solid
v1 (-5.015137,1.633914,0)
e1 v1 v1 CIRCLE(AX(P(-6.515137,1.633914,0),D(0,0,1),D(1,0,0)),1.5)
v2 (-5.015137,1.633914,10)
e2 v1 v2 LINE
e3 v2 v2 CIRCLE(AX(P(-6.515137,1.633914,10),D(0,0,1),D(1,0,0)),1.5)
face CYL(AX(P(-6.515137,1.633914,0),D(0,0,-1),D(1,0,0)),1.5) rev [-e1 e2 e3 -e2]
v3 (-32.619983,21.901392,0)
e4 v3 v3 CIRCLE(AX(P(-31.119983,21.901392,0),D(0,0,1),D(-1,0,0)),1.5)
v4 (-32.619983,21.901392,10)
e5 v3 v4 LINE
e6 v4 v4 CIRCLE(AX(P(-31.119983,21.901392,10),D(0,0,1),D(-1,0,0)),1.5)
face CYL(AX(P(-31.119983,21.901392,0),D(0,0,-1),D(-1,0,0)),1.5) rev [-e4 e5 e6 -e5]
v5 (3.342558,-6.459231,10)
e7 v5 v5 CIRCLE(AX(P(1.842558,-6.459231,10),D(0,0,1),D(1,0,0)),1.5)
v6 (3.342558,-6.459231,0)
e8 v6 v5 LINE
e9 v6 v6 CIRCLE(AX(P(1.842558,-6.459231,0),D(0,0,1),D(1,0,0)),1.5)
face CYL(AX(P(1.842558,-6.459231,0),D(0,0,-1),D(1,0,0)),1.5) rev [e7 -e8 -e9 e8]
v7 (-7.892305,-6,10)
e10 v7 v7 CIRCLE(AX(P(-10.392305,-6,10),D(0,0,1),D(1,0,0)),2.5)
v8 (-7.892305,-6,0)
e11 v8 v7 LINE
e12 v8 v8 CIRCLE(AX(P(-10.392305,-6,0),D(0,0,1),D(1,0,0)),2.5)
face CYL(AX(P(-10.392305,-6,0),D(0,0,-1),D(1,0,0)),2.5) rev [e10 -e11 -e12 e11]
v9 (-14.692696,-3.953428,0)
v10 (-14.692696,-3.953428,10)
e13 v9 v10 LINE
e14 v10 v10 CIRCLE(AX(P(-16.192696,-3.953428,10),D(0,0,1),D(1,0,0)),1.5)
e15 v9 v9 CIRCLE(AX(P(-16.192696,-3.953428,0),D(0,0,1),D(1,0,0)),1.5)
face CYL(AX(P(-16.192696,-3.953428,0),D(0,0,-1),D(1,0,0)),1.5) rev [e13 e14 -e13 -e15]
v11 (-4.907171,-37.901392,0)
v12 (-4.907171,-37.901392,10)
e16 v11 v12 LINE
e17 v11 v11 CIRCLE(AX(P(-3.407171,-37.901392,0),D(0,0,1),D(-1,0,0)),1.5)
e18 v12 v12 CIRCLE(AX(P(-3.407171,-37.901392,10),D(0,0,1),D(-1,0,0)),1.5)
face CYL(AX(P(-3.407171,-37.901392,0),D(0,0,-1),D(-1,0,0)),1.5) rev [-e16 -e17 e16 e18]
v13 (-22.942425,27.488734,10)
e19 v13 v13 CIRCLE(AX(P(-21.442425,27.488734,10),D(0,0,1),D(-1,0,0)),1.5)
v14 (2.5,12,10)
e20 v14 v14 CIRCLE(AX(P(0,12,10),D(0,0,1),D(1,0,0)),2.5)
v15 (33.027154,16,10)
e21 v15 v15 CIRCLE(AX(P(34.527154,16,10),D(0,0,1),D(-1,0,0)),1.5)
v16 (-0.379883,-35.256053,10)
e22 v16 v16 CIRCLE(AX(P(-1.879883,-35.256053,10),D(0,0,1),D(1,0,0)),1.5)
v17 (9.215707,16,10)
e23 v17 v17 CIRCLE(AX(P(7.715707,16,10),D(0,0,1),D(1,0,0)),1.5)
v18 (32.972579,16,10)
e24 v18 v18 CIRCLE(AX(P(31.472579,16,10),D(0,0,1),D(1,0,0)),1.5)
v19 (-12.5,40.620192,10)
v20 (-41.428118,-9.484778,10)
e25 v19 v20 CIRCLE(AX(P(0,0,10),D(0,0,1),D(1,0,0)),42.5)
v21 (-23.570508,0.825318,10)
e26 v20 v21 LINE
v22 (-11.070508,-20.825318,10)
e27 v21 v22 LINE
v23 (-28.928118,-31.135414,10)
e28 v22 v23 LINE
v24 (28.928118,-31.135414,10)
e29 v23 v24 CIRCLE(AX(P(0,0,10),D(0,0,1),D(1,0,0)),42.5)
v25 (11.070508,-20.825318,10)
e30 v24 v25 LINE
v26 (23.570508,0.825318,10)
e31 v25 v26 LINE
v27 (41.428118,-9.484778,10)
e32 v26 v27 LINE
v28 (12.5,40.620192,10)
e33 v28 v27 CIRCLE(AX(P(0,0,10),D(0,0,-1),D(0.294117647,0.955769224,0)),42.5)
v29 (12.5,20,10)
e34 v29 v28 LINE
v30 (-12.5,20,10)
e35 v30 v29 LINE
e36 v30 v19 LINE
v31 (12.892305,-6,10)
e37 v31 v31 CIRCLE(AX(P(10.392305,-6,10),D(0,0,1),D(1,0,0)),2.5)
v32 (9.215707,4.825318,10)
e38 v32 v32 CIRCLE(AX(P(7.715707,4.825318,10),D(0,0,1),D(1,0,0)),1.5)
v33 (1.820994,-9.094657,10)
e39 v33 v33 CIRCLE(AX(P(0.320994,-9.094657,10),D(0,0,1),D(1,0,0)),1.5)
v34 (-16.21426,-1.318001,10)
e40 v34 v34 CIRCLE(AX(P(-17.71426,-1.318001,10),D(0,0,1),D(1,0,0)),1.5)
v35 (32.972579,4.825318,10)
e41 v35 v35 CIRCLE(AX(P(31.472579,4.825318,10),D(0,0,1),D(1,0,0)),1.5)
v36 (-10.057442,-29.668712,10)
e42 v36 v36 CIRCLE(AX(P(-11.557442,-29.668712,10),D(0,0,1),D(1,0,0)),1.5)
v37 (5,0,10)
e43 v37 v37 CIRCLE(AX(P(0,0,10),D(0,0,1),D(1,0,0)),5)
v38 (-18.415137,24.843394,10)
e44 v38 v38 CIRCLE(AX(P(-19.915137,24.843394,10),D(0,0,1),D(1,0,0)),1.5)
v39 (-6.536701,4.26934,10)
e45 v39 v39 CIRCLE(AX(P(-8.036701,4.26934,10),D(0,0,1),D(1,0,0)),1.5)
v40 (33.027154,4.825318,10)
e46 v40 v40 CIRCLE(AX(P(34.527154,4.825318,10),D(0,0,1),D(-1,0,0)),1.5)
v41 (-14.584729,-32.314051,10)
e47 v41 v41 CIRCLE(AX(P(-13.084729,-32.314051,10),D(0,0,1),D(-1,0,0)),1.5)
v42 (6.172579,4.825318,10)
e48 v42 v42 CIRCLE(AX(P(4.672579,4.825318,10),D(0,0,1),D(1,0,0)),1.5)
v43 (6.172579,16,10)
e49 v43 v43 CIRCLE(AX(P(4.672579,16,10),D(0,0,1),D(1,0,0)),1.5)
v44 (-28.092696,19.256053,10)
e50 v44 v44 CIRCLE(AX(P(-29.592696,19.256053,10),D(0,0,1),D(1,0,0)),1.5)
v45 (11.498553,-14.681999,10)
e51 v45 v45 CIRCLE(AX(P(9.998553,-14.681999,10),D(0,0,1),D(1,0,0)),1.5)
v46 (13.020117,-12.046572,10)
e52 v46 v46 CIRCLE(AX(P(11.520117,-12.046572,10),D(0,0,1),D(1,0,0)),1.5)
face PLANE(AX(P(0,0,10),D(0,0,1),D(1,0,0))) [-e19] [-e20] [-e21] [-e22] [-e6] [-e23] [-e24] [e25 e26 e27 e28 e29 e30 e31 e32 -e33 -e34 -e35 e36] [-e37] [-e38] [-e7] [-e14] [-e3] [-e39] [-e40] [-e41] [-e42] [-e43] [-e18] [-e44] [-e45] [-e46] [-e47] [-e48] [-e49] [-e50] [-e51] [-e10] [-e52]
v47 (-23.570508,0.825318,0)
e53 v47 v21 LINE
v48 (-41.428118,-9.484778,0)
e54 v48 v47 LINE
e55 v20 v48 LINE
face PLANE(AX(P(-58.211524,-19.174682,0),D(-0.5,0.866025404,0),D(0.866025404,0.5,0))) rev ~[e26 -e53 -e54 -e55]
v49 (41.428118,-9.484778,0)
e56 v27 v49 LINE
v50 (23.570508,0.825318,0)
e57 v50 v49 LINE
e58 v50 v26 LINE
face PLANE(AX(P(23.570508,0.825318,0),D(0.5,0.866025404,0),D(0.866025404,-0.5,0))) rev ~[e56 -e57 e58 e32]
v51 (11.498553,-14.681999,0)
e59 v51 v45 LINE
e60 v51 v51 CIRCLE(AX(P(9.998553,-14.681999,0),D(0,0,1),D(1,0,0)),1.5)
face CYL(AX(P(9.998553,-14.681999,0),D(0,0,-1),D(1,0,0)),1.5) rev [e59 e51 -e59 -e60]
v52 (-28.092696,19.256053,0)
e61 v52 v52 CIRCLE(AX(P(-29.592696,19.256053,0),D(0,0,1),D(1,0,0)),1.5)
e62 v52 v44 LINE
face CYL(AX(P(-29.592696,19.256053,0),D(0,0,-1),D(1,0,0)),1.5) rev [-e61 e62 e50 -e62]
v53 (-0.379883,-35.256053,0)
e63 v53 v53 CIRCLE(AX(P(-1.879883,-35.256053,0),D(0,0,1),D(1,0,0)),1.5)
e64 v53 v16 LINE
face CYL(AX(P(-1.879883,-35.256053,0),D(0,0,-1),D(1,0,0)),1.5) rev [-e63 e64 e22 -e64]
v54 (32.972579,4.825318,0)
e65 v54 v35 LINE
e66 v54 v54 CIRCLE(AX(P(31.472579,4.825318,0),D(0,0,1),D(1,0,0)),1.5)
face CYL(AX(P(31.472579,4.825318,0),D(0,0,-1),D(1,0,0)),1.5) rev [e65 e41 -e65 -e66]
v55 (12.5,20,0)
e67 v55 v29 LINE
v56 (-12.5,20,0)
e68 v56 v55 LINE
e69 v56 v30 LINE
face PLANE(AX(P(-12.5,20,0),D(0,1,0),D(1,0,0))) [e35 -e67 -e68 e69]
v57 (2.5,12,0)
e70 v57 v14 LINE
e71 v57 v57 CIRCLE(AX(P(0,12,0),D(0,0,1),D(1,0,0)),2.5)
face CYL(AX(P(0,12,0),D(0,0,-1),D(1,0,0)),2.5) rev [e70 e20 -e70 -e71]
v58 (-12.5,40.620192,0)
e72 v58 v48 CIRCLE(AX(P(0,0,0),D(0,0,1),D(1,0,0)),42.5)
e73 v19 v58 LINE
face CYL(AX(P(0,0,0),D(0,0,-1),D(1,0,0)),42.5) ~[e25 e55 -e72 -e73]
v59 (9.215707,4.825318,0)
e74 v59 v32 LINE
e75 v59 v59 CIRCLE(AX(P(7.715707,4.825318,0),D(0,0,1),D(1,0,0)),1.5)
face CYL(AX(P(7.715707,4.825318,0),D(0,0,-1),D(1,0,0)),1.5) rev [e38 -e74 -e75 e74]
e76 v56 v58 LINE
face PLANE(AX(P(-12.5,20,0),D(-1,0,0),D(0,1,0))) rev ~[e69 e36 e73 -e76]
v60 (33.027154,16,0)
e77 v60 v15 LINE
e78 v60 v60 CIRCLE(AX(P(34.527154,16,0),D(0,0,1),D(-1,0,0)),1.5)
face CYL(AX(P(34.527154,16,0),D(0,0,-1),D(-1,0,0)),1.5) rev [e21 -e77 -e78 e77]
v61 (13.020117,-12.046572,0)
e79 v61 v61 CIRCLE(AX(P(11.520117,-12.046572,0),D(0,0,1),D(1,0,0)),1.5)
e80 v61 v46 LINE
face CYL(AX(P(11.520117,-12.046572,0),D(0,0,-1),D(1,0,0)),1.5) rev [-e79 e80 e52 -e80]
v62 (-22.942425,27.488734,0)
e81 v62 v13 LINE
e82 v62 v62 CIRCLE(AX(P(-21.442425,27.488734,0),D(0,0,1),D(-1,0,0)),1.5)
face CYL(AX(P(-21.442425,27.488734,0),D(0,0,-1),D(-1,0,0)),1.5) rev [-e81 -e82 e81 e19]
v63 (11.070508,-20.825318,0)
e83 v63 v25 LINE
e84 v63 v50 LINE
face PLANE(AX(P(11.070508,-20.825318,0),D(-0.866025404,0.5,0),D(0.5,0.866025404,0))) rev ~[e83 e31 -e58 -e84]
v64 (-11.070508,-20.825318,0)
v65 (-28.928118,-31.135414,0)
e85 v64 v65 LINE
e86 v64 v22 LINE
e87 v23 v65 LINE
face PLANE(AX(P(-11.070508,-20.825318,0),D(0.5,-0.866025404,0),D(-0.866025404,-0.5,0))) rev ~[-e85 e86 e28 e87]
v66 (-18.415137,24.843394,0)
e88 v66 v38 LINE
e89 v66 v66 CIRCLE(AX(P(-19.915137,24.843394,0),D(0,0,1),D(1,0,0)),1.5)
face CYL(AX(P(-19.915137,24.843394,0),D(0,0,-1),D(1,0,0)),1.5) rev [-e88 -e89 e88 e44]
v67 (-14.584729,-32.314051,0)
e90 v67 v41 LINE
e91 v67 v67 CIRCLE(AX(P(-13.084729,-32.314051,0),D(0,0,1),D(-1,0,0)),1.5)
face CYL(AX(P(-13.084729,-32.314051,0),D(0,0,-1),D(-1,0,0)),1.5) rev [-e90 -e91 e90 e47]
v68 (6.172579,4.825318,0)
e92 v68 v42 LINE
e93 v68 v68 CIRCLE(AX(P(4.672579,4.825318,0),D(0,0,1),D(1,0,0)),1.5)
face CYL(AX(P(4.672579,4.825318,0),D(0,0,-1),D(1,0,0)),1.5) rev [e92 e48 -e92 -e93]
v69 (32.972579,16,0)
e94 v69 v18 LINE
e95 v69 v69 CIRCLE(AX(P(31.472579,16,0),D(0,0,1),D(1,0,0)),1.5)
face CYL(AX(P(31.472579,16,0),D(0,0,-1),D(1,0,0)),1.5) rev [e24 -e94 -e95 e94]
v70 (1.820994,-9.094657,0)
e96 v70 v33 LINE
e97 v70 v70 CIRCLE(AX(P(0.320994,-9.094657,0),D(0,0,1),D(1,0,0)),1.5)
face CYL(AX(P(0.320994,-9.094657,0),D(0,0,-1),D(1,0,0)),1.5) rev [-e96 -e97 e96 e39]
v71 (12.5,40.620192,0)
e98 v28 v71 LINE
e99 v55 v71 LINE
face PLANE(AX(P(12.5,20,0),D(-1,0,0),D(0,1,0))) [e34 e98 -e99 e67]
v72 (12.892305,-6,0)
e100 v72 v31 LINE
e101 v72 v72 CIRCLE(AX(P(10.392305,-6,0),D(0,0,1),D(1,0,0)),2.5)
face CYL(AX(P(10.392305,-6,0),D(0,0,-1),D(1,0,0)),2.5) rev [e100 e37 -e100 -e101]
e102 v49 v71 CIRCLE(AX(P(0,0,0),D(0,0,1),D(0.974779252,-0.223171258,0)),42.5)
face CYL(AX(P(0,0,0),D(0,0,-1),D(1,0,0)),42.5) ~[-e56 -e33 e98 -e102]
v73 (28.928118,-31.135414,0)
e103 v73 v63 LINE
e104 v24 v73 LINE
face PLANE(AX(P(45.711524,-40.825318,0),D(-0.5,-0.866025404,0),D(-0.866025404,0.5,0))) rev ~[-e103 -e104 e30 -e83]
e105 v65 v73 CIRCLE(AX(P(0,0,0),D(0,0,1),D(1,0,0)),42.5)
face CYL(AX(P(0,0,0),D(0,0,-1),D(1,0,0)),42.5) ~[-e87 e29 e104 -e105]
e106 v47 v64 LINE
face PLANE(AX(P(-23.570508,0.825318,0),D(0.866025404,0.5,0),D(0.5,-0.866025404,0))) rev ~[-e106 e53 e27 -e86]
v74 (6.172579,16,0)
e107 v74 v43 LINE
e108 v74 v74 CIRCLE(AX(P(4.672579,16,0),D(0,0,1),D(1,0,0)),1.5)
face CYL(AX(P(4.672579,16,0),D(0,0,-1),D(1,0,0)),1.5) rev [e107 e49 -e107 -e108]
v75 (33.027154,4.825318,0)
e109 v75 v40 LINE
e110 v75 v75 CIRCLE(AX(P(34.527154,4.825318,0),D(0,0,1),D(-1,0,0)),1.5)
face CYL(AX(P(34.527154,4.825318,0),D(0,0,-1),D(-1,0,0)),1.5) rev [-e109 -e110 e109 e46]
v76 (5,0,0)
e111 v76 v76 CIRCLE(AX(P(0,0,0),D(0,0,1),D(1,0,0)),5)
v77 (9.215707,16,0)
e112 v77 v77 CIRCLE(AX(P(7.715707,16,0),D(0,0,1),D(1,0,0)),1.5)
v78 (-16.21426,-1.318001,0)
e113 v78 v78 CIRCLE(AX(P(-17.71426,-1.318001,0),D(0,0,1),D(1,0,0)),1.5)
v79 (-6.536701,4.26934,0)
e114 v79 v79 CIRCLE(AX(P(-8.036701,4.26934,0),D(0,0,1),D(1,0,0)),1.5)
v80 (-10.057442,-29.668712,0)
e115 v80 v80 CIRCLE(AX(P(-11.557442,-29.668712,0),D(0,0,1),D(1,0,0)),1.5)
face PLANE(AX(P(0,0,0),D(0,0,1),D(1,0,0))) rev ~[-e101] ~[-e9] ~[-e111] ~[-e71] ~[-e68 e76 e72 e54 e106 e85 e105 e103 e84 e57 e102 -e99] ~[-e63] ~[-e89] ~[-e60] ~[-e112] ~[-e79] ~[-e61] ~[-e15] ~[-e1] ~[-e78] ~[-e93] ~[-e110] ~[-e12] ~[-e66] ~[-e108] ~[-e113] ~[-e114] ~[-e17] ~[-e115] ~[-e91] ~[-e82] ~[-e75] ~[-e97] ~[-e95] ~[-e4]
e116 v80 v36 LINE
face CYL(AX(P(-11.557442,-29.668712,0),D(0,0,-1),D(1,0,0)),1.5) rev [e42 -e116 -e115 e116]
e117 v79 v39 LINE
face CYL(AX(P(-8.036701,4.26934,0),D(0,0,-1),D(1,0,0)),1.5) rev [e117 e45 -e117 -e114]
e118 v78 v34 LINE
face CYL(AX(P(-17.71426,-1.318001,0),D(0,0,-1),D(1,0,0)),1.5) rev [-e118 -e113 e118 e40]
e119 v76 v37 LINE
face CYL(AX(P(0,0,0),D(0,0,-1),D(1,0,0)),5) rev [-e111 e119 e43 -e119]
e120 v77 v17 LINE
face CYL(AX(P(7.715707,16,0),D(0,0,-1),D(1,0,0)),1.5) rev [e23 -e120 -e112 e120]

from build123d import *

# Parameters (mm, degrees)
SKETCH4_R      = 42.5
BASE_DEPTH     = 10
SKETCH5_R      = 5
SKETCH5_W      = 25
SKETCH5_H      = 40
TYRE_CUT_DEPTH = 10
SKETCH6_R      = 1.5
SKETCH6_R_2    = 2.5
NUTS_DEPTH     = 10


with BuildPart() as part:
    # Sketch4 → base (new body)
    with BuildSketch(Plane.XY):
        Circle(SKETCH4_R)
    extrude(amount=BASE_DEPTH)

    # Sketch5 → Tyre cut (cut)
    with BuildSketch(Plane.XY):
        Circle(SKETCH5_R)
        with Locations((0, 40)):
            Rectangle(SKETCH5_W, SKETCH5_H)
        Polygon((11.070508076, -20.825317547), (23.570508076, 0.825317547), (58.211524227, -19.174682453), (45.711524227, -40.825317547), align=None)
        Polygon((-23.570508076, 0.825317547), (-11.070508076, -20.825317547), (-45.711524227, -40.825317547), (-58.211524227, -19.174682453), align=None)
    extrude(amount=TYRE_CUT_DEPTH, mode=Mode.SUBTRACT)

    # Sketch6 → NUTs (cut)
    with BuildSketch(Plane.XY):
        with Locations((7.71570735, 16)):
            Circle(SKETCH6_R)
        with Locations((7.71570735, 4.825317547)):
            Circle(SKETCH6_R)
        with Locations(Location((34.527154016, 4.825317547, 0), (0, 0, 180))):
            Circle(SKETCH6_R)
        with Locations(Location((34.527154016, 16, 0), (0, 0, 180))):
            Circle(SKETCH6_R)
        with Locations((9.998552785, -14.681998573)):
            Circle(SKETCH6_R)
        with Locations((0.320993902, -9.094657347)):
            Circle(SKETCH6_R)
        with Locations(Location((-13.084729431, -32.314051272, 0), (0, 0, 180))):
            Circle(SKETCH6_R)
        with Locations(Location((-3.407170547, -37.901392498, 0), (0, 0, 180))):
            Circle(SKETCH6_R)
        with Locations((-17.714260136, -1.318001427)):
            Circle(SKETCH6_R)
        with Locations((-8.036701252, 4.2693398)):
            Circle(SKETCH6_R)
        with Locations(Location((-21.442424585, 27.488733725, 0), (0, 0, 180))):
            Circle(SKETCH6_R)
        with Locations(Location((-31.119983469, 21.901392498, 0), (0, 0, 180))):
            Circle(SKETCH6_R)
        with Locations((0, 12)):
            Circle(SKETCH6_R_2)
        with Locations((10.392304845, -6)):
            Circle(SKETCH6_R_2)
        with Locations((-10.392304845, -6)):
            Circle(SKETCH6_R_2)
        with Locations((31.472579283, 16)):
            Circle(SKETCH6_R)
        with Locations((31.472579283, 4.825317547)):
            Circle(SKETCH6_R)
        with Locations((4.672579283, 16)):
            Circle(SKETCH6_R)
        with Locations((4.672579283, 4.825317547)):
            Circle(SKETCH6_R)
        with Locations((11.520116819, -12.04657236)):
            Circle(SKETCH6_R)
        with Locations((1.842557936, -6.459231134)):
            Circle(SKETCH6_R)
        with Locations((-1.879883181, -35.256053181)):
            Circle(SKETCH6_R)
        with Locations((-11.557442064, -29.668711955)):
            Circle(SKETCH6_R)
        with Locations((-16.192696102, -3.95342764)):
            Circle(SKETCH6_R)
        with Locations((-6.515137219, 1.633913586)):
            Circle(SKETCH6_R)
        with Locations((-29.592696102, 19.256053181)):
            Circle(SKETCH6_R)
        with Locations((-19.915137219, 24.843394408)):
            Circle(SKETCH6_R)
    extrude(amount=NUTS_DEPTH, mode=Mode.SUBTRACT)


solid = part.part
